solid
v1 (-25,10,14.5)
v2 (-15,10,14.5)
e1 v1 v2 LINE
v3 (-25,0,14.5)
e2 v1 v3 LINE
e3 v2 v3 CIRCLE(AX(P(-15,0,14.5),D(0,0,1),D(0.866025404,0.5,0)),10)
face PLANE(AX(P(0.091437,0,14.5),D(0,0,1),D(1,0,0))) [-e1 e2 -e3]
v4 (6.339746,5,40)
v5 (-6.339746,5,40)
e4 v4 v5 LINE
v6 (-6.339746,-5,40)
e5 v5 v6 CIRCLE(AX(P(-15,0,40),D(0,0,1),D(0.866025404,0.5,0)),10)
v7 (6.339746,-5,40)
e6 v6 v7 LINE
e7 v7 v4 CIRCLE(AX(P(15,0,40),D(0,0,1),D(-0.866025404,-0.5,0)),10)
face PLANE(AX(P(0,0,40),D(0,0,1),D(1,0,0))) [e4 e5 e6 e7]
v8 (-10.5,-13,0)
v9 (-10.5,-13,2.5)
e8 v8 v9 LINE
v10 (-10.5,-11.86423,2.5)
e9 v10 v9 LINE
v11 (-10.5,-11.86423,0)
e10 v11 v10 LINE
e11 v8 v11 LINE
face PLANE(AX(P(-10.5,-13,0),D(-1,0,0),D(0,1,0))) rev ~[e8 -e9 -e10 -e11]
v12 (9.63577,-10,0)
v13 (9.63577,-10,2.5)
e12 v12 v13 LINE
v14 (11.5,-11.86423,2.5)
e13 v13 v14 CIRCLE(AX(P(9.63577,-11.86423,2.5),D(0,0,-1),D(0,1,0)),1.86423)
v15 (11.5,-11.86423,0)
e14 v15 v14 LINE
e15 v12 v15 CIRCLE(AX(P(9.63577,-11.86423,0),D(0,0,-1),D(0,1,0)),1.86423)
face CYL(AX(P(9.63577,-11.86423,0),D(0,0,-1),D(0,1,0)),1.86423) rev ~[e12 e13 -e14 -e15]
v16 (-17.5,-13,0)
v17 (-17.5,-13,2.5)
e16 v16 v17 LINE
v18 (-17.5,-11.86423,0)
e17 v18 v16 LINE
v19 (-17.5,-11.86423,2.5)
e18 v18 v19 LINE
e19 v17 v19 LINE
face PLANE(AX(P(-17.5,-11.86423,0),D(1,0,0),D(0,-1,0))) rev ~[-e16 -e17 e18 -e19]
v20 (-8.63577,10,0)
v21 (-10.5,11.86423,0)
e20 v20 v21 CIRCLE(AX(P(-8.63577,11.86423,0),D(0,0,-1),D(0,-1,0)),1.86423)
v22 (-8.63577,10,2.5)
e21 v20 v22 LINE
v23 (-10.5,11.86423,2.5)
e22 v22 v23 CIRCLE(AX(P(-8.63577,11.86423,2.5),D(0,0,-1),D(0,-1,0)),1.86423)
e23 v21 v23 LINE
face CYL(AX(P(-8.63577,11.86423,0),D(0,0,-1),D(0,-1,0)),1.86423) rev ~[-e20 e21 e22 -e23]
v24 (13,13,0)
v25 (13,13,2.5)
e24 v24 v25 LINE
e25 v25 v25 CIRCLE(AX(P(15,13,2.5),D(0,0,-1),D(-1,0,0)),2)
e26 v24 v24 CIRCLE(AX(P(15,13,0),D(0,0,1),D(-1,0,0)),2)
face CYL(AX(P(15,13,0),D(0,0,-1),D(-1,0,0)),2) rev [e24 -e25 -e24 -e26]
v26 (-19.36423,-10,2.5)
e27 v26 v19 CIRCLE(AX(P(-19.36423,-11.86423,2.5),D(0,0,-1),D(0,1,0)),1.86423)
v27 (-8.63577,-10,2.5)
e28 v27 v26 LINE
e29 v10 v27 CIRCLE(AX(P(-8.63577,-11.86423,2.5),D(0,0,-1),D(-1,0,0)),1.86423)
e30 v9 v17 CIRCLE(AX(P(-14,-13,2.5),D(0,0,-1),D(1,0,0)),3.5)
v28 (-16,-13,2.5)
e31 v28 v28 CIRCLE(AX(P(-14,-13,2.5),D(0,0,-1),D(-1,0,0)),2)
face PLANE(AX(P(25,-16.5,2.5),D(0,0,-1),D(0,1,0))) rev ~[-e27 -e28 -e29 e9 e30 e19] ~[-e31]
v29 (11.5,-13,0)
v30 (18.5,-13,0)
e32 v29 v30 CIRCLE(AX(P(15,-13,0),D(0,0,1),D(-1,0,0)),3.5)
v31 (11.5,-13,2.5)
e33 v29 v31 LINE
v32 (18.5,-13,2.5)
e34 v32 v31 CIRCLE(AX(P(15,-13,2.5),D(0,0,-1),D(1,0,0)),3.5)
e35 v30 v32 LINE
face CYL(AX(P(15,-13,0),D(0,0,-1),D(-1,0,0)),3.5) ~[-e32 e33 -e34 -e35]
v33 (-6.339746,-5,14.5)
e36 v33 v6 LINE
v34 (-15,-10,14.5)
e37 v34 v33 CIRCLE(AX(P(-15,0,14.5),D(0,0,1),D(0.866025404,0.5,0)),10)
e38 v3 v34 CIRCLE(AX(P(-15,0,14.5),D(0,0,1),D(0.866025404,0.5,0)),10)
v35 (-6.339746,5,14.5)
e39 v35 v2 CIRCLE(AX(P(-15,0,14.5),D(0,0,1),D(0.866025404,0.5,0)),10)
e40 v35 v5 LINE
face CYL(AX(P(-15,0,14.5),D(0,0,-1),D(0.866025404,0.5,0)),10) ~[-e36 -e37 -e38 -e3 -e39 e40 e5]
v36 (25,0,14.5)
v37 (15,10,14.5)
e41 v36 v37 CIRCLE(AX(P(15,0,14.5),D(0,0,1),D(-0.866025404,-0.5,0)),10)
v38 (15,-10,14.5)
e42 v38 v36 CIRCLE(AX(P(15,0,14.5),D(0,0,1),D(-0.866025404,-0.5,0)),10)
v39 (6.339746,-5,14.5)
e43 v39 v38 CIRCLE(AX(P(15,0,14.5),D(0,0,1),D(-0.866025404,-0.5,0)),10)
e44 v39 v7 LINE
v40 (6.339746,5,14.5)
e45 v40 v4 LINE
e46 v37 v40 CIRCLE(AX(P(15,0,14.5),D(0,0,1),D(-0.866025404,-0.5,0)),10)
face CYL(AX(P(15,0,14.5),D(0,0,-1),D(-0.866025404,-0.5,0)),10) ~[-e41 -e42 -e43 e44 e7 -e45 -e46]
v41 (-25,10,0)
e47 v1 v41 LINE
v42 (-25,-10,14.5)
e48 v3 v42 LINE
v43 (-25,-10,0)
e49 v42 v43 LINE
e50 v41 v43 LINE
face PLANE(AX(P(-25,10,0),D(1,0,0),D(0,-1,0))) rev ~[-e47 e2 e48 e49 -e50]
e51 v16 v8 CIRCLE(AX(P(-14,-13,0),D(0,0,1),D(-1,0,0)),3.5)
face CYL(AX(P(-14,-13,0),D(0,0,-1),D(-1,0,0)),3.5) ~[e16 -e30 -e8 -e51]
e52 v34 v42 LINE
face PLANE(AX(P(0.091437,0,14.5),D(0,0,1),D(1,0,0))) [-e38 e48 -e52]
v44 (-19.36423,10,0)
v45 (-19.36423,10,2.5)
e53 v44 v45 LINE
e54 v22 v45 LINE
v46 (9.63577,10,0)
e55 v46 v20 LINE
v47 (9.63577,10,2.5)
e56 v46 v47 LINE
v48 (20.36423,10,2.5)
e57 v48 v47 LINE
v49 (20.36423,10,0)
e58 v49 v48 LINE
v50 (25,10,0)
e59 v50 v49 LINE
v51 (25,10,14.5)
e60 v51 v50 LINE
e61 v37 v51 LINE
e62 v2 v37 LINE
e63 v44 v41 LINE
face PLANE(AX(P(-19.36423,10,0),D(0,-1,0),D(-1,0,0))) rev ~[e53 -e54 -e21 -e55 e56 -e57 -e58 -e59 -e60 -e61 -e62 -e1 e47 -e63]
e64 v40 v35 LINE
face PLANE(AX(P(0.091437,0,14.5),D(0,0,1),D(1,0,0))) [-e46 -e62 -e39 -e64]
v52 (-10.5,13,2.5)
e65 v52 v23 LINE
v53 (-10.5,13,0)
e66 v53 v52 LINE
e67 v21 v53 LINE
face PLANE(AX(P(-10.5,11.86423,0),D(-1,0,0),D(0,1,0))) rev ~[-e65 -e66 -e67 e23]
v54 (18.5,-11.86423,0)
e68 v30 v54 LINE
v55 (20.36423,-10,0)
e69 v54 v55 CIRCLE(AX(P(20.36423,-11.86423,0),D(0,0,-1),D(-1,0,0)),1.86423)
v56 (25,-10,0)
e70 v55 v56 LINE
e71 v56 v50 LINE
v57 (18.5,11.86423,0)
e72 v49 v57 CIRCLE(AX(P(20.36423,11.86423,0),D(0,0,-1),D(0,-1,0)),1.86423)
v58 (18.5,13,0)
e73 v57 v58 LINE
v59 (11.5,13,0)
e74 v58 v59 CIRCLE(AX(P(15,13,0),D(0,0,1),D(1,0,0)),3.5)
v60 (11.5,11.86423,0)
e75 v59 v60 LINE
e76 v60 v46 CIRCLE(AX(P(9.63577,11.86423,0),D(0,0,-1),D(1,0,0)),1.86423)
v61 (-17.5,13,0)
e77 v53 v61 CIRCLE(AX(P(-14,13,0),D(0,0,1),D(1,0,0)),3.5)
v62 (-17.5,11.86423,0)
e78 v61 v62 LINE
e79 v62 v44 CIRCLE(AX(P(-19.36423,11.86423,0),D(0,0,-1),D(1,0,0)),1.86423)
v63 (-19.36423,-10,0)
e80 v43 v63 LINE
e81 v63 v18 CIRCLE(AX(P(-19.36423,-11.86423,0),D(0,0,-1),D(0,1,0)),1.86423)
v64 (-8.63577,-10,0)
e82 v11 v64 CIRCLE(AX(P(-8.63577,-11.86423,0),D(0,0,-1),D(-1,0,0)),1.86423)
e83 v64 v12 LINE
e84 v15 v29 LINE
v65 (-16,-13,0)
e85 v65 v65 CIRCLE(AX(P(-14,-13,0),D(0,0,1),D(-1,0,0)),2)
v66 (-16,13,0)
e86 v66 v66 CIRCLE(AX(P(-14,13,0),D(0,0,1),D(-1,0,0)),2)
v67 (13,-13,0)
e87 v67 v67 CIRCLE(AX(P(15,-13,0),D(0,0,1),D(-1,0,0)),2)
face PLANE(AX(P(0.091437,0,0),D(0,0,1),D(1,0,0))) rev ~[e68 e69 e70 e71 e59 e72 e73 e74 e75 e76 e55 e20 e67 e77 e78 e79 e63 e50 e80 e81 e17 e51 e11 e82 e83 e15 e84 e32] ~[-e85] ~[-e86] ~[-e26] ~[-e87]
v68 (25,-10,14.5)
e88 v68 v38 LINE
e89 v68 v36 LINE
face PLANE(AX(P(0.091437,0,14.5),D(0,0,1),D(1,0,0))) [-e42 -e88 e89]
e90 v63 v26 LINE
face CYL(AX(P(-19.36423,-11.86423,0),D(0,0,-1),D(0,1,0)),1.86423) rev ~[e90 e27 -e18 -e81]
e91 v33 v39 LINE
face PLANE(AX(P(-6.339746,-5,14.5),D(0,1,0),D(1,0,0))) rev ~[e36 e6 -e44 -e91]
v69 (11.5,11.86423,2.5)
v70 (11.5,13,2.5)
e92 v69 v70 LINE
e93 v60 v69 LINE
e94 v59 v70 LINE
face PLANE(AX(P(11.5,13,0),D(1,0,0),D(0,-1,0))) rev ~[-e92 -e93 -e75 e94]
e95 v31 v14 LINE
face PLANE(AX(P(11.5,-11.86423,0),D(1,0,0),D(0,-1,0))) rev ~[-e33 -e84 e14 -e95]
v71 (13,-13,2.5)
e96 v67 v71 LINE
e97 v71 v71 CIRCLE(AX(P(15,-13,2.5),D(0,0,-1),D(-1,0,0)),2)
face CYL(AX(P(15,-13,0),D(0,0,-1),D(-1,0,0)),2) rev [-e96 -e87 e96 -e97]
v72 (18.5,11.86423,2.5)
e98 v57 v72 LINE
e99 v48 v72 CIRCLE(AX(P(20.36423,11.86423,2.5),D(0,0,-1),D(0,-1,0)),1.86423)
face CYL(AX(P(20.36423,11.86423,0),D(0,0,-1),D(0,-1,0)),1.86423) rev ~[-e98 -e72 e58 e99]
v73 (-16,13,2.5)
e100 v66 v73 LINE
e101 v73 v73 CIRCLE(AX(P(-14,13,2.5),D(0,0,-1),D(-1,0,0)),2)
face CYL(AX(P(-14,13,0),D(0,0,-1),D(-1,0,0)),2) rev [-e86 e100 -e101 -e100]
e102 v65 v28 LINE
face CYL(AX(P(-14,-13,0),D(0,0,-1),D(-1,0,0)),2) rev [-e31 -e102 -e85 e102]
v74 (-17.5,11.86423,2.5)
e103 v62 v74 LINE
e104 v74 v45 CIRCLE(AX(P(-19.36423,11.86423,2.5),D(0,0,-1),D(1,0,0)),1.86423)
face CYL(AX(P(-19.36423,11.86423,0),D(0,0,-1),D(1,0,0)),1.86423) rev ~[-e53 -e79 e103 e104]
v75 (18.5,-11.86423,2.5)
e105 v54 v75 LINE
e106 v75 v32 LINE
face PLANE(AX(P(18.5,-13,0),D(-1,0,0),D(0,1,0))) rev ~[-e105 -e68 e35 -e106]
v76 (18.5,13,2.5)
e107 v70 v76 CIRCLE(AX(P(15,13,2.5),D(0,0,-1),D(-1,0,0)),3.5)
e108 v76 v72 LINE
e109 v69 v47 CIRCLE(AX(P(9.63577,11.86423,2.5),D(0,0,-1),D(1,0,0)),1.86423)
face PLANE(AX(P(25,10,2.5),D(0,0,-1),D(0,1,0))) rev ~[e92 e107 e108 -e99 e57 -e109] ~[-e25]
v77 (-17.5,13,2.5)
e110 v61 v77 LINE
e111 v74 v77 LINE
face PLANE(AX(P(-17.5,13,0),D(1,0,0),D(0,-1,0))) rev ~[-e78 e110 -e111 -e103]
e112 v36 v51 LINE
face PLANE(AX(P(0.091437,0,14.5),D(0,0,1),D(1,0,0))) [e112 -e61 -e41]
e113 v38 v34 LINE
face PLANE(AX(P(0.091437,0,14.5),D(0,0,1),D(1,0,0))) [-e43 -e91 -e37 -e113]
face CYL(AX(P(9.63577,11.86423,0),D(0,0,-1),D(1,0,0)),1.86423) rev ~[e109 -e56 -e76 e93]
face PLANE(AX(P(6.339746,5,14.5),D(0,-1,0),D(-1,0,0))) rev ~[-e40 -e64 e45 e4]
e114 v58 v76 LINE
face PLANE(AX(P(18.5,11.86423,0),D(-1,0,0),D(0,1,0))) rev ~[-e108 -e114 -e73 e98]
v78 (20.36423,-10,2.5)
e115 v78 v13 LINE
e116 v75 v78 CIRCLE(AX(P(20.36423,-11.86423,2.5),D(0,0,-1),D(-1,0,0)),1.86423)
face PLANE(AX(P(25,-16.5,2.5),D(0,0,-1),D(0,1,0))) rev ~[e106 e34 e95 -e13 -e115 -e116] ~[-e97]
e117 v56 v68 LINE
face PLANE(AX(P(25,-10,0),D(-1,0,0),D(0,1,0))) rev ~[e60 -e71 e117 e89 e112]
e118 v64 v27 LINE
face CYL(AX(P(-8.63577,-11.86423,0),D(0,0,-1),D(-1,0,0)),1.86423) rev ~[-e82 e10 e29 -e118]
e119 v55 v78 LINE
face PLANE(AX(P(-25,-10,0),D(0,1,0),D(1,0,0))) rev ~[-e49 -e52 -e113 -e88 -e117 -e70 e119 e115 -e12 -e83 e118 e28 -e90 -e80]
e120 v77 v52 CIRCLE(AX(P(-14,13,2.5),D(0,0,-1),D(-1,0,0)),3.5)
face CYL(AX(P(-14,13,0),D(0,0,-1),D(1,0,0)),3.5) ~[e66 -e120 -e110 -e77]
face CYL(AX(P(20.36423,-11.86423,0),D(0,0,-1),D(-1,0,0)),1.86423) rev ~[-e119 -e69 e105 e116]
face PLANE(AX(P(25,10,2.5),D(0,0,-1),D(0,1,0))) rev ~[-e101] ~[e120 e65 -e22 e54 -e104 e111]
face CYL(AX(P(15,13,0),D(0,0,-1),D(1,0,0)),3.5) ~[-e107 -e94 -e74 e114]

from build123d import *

# Parameters (mm, degrees)
ESQUISSE1_R             = 2
BOSS_EXTRU_1_DEPTH      = 14.5
ESQUISSE3_W             = 12
ESQUISSE3_H             = 6.5
ENL_V_MAT_EXTRU_1_DEPTH = 55.612269684
BOSS_EXTRU_2_DEPTH      = 25.5


with BuildPart() as part:
    # Esquisse1 → Boss.-Extru.1 (new body)
    with BuildSketch(Plane.XY):
        with BuildLine():
            Line((-25, -10), (-19.364230348, -10))
            ThreePointArc((-19.364230348, -10), (-18.046020427, -10.546020427), (-17.5, -11.864230348))
            Line((-17.5, -11.864230348), (-17.5, -13))
            ThreePointArc((-17.5, -13), (-14, -16.5), (-10.5, -13))
            Line((-10.5, -13), (-10.5, -11.864230348))
            ThreePointArc((-10.5, -11.864230348), (-9.953979573, -10.546020427), (-8.635769652, -10))
            Line((-8.635769652, -10), (9.635769652, -10))
            ThreePointArc((9.635769652, -10), (10.953979573, -10.546020427), (11.5, -11.864230348))
            Line((11.5, -11.864230348), (11.5, -13))
            ThreePointArc((11.5, -13), (15, -16.5), (18.5, -13))
            Line((18.5, -13), (18.5, -11.864230348))
            ThreePointArc((18.5, -11.864230348), (19.046020427, -10.546020427), (20.364230348, -10))
            Line((20.364230348, -10), (25, -10))
            Line((25, -10), (25, 10))
            Line((25, 10), (20.364230348, 10))
            ThreePointArc((20.364230348, 10), (19.046020427, 10.546020427), (18.5, 11.864230348))
            Line((18.5, 11.864230348), (18.5, 13))
            ThreePointArc((18.5, 13), (15, 16.5), (11.5, 13))
            Line((11.5, 13), (11.5, 11.864230348))
            ThreePointArc((11.5, 11.864230348), (10.953979573, 10.546020427), (9.635769652, 10))
            Line((9.635769652, 10), (-8.635769652, 10))
            ThreePointArc((-8.635769652, 10), (-9.953979573, 10.546020427), (-10.5, 11.864230348))
            Line((-10.5, 11.864230348), (-10.5, 13))
            ThreePointArc((-10.5, 13), (-14, 16.5), (-17.5, 13))
            Line((-17.5, 13), (-17.5, 11.864230348))
            ThreePointArc((-17.5, 11.864230348), (-18.046020427, 10.546020427), (-19.364230348, 10))
            Line((-19.364230348, 10), (-25, 10))
            Line((-25, 10), (-25, -10))
        make_face()
        with Locations(Location((-14, 13, 0), (0, 0, 180))):
            Circle(ESQUISSE1_R, mode=Mode.SUBTRACT)
        with Locations(Location((15, 13, 0), (0, 0, 180))):
            Circle(ESQUISSE1_R, mode=Mode.SUBTRACT)
        with Locations(Location((-14, -13, 0), (0, 0, 180))):
            Circle(ESQUISSE1_R, mode=Mode.SUBTRACT)
        with Locations(Location((15, -13, 0), (0, 0, 180))):
            Circle(ESQUISSE1_R, mode=Mode.SUBTRACT)
    extrude(amount=BOSS_EXTRU_1_DEPTH)

    # Esquisse3 → Enlèv. mat.-Extru.1 (cut, through all)
    with BuildSketch(Plane(origin=(25, 0, 0), x_dir=(0, 0, -1), z_dir=(1, 0, 0))):
        with Locations((-8.5, 13.25)):
            Rectangle(ESQUISSE3_W, ESQUISSE3_H)
        with Locations((-8.5, -13.25)):
            Rectangle(ESQUISSE3_W, ESQUISSE3_H)
    extrude(amount=-ENL_V_MAT_EXTRU_1_DEPTH, mode=Mode.SUBTRACT)

    # Esquisse4 → Boss.-Extru.2 (add)
    with BuildSketch(Plane.XY.offset(14.5)):
        with BuildLine():
            Line((-6.339745962, -5), (6.339745962, -5))
            ThreePointArc((6.339745962, -5), (25, 0), (6.339745962, 5))
            Line((6.339745962, 5), (-6.339745962, 5))
            ThreePointArc((-6.339745962, 5), (-25, 0), (-6.339745962, -5))
        make_face()
    extrude(amount=BOSS_EXTRU_2_DEPTH)


solid = part.part
